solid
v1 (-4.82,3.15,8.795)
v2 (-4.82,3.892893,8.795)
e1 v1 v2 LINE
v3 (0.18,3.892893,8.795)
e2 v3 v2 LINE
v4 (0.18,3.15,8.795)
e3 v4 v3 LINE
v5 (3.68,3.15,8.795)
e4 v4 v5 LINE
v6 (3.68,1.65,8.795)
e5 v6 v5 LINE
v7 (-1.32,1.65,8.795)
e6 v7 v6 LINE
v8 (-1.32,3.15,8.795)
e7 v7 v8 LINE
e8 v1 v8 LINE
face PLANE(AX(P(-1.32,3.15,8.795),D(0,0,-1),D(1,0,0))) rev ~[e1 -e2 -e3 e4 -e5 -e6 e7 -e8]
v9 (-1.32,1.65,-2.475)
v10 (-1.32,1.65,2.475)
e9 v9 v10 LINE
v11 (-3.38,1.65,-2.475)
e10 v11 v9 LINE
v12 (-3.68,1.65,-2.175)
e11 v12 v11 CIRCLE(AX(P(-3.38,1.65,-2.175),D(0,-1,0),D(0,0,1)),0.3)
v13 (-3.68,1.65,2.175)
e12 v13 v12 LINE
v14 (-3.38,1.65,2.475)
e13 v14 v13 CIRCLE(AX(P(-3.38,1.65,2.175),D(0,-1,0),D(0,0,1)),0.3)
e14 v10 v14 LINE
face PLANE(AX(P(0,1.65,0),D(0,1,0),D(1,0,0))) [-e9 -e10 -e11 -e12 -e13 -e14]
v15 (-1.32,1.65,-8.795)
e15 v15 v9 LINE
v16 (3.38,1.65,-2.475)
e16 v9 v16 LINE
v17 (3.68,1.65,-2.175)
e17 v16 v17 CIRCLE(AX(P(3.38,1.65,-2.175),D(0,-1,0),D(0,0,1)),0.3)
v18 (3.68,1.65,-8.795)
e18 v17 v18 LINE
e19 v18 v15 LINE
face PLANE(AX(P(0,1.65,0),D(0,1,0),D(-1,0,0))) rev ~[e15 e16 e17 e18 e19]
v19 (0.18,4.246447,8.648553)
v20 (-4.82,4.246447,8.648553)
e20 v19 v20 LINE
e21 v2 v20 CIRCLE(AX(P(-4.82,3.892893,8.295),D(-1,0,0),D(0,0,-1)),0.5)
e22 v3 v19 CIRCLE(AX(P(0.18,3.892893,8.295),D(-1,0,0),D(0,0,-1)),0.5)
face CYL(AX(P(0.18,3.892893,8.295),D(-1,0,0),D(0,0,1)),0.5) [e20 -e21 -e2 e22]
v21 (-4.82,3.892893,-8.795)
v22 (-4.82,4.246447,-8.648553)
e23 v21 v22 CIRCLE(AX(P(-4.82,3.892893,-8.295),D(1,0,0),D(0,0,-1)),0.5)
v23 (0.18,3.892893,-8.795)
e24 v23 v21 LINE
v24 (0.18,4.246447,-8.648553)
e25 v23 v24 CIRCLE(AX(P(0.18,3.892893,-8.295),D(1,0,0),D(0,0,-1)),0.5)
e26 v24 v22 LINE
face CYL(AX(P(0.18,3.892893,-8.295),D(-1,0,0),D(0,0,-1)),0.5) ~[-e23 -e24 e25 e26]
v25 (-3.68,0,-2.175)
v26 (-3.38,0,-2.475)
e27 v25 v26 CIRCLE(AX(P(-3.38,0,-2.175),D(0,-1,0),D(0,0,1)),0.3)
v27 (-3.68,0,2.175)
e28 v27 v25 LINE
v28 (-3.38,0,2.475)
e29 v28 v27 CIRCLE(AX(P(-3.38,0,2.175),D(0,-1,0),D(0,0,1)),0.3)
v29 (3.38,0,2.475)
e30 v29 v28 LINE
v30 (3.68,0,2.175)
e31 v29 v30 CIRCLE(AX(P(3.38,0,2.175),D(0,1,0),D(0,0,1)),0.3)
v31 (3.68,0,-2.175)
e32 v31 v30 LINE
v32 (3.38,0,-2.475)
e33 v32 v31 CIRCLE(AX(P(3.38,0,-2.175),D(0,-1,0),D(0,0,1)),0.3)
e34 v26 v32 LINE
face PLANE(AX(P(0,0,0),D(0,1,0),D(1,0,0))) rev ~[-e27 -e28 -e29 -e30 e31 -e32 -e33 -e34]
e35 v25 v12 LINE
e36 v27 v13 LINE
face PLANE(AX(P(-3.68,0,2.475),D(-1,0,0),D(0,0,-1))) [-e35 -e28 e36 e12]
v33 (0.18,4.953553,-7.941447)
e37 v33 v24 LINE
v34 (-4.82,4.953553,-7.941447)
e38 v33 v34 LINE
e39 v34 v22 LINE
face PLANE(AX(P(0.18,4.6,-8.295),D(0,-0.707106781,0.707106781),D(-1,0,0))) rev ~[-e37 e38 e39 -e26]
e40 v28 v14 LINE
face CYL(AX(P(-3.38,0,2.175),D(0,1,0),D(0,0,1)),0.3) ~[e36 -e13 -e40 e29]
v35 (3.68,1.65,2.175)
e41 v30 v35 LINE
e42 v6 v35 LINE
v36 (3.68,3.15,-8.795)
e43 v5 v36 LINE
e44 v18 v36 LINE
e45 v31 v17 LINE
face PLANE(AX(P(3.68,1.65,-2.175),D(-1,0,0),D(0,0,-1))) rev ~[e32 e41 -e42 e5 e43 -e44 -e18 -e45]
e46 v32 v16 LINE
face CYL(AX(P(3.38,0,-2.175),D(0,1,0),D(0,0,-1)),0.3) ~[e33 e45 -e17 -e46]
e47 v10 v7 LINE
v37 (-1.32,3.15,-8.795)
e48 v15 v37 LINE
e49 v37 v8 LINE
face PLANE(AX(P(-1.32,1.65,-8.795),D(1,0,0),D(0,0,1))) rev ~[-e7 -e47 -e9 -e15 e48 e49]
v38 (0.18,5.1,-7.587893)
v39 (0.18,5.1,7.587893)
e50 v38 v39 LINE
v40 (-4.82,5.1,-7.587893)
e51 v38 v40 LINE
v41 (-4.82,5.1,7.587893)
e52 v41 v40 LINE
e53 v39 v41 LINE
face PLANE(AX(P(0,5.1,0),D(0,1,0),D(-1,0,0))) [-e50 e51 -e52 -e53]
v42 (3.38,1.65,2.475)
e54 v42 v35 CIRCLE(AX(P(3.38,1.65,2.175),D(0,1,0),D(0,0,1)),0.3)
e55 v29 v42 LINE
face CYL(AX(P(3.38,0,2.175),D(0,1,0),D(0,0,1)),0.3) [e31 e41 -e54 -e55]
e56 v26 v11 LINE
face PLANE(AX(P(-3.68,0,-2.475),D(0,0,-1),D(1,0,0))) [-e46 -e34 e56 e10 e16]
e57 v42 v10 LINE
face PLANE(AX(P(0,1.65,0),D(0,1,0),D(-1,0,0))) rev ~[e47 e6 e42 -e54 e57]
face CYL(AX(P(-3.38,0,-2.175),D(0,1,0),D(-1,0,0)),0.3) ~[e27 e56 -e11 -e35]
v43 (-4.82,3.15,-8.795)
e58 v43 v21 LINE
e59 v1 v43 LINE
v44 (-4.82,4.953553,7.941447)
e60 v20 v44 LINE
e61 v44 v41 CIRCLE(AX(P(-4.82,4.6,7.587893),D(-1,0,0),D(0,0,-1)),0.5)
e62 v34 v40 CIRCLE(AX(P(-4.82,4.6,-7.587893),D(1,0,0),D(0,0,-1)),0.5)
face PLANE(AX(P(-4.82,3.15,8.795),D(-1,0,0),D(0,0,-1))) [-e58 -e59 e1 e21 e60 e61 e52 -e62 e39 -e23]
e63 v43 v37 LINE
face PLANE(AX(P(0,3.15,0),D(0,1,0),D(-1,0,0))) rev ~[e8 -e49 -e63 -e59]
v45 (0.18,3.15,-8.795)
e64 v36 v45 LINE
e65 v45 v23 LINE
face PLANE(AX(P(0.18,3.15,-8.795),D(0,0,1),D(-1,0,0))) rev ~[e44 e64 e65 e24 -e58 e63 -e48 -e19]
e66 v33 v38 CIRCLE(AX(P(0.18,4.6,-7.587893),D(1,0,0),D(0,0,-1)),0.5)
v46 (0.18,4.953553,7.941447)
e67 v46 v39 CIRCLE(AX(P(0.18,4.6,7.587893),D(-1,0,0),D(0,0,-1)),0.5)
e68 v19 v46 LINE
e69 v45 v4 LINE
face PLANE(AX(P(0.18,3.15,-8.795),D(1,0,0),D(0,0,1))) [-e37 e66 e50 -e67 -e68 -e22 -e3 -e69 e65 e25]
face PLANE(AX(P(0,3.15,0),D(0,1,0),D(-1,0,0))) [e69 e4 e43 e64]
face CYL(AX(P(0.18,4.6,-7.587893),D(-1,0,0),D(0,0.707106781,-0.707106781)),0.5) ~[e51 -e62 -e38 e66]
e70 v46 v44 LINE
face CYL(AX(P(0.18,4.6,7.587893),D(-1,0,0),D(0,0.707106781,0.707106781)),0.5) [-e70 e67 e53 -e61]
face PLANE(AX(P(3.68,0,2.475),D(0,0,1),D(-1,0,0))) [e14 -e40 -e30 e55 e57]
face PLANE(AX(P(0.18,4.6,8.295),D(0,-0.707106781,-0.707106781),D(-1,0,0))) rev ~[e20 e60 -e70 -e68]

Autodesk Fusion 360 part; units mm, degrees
sketch "Sketch1" plane through (0, 0, 0) normal (0, 1, 0) x (1, 0, 0)
  line L0 (3.68, -2.475) -> (-3.68, -2.475)
  line L1 (-3.68, -2.475) -> (-3.68, 2.475)
  line L2 (-3.68, 2.475) -> (3.68, 2.475)
  line L3 (3.68, 2.475) -> (3.68, -2.475)
  line L4 (3.68, -2.475) -> (-3.68, 2.475) construction
  line L5 (-3.68, -2.475) -> (3.68, 2.475) construction
  dimension "d124" = 7.36
  dimension "d125" = 4.95
extrude "Extrude1" add sketch "Sketch1" along normal blind 1.65 makes body 1
fillet "Fillet1" radius 0.3 4 edges at (-3.68, 0.825, 2.475) (3.68, 0.825, 2.475) (3.68, 0.825, -2.475) (-3.68, 0.825, -2.475) on bodies 1
sketch "Sketch2" plane through (0, 1.65, 0) normal (0, 1, 0) x (-1, 0, 0)
  line L0 (1.32, 8.795) -> (-3.68, 8.795)
  line L1 (-3.68, 8.795) -> (-3.68, -8.795)
  line L2 (-3.68, -8.795) -> (1.32, -8.795)
  line L3 (1.32, -8.795) -> (1.32, 8.795)
  line L4 (-3.68, 2.175) -> (-3.68, -2.175)
  line L5 (0, 0) -> (-3.68, 0) construction
  dimension "d136" = 17.59
  dimension "d137" = 5
extrude "Extrude5" add sketch "Sketch2" along normal blind 1.5 bodies 1
sketch "Sketch6" plane through (0, 3.15, 0) normal (0, 1, 0) x (-1, 0, 0)
  line L0 (-3.68, 8.795) -> (-3.68, -8.795)
  line L1 (-3.68, -8.795) -> (1.32, -8.795)
  line L2 (1.32, -8.795) -> (1.32, 8.795)
  line L3 (1.32, 8.795) -> (-3.68, 8.795)
  line L4 (-0.18, 8.795) -> (4.82, 8.795)
  line L5 (4.82, 8.795) -> (4.82, -8.795)
  line L6 (4.82, -8.795) -> (-0.18, -8.795)
  line L7 (-0.18, -8.795) -> (-0.18, 8.795)
  dimension "d158" = 3.5
extrude "Extrude7" add sketch "Sketch6" along normal blind 1.95 separate body contours L1 L2 L3 L4 L6 L7 | L2 L4 L5 L6 makes body 2
chamfer "Chamfer2" distance 1 angle 45 2 edges at (-2.32, 5.1, 8.795) (-2.32, 5.1, -8.795) on bodies 2
fillet "Fillet3" radius 0.5 4 edges at (-2.32, 5.1, 7.795) (-2.32, 4.1, 8.795) (-2.32, 5.1, -7.795) (-2.32, 4.1, -8.795) on bodies 2
combine "Combine1" operation add target body 2 tool bodies 1
sketch "Sketch7" plane through (0, 0, 0) normal (0, -1, 0) x (1, 0, 0)
  arc A0 (-3.68, -2.175) -> (-3.38, -2.475) centre (-3.38, -2.175) ccw
  line L0 (-3.38, -2.475) -> (3.38, -2.475)
  arc A1 (3.38, -2.475) -> (3.68, -2.175) centre (3.38, -2.175) ccw
  line L1 (3.68, -2.175) -> (3.68, 2.175)
  arc A2 (3.68, 2.175) -> (3.38, 2.475) centre (3.38, 2.175) ccw
  line L2 (3.38, 2.475) -> (-3.38, 2.475)
  arc A3 (-3.38, 2.475) -> (-3.68, 2.175) centre (-3.38, 2.175) ccw
  line L3 (-3.68, 2.175) -> (-3.68, -2.175)
extrude "Extrude8" [suppressed]
equation "d131 = DetentBottomPieceFilletRadius"
equation "d158 = DetentShiftDistance"
equation "DetentBottomPieceFilletRadius = 0.3 mm"
equation "DetentShiftDistance = 3.5 mm"
